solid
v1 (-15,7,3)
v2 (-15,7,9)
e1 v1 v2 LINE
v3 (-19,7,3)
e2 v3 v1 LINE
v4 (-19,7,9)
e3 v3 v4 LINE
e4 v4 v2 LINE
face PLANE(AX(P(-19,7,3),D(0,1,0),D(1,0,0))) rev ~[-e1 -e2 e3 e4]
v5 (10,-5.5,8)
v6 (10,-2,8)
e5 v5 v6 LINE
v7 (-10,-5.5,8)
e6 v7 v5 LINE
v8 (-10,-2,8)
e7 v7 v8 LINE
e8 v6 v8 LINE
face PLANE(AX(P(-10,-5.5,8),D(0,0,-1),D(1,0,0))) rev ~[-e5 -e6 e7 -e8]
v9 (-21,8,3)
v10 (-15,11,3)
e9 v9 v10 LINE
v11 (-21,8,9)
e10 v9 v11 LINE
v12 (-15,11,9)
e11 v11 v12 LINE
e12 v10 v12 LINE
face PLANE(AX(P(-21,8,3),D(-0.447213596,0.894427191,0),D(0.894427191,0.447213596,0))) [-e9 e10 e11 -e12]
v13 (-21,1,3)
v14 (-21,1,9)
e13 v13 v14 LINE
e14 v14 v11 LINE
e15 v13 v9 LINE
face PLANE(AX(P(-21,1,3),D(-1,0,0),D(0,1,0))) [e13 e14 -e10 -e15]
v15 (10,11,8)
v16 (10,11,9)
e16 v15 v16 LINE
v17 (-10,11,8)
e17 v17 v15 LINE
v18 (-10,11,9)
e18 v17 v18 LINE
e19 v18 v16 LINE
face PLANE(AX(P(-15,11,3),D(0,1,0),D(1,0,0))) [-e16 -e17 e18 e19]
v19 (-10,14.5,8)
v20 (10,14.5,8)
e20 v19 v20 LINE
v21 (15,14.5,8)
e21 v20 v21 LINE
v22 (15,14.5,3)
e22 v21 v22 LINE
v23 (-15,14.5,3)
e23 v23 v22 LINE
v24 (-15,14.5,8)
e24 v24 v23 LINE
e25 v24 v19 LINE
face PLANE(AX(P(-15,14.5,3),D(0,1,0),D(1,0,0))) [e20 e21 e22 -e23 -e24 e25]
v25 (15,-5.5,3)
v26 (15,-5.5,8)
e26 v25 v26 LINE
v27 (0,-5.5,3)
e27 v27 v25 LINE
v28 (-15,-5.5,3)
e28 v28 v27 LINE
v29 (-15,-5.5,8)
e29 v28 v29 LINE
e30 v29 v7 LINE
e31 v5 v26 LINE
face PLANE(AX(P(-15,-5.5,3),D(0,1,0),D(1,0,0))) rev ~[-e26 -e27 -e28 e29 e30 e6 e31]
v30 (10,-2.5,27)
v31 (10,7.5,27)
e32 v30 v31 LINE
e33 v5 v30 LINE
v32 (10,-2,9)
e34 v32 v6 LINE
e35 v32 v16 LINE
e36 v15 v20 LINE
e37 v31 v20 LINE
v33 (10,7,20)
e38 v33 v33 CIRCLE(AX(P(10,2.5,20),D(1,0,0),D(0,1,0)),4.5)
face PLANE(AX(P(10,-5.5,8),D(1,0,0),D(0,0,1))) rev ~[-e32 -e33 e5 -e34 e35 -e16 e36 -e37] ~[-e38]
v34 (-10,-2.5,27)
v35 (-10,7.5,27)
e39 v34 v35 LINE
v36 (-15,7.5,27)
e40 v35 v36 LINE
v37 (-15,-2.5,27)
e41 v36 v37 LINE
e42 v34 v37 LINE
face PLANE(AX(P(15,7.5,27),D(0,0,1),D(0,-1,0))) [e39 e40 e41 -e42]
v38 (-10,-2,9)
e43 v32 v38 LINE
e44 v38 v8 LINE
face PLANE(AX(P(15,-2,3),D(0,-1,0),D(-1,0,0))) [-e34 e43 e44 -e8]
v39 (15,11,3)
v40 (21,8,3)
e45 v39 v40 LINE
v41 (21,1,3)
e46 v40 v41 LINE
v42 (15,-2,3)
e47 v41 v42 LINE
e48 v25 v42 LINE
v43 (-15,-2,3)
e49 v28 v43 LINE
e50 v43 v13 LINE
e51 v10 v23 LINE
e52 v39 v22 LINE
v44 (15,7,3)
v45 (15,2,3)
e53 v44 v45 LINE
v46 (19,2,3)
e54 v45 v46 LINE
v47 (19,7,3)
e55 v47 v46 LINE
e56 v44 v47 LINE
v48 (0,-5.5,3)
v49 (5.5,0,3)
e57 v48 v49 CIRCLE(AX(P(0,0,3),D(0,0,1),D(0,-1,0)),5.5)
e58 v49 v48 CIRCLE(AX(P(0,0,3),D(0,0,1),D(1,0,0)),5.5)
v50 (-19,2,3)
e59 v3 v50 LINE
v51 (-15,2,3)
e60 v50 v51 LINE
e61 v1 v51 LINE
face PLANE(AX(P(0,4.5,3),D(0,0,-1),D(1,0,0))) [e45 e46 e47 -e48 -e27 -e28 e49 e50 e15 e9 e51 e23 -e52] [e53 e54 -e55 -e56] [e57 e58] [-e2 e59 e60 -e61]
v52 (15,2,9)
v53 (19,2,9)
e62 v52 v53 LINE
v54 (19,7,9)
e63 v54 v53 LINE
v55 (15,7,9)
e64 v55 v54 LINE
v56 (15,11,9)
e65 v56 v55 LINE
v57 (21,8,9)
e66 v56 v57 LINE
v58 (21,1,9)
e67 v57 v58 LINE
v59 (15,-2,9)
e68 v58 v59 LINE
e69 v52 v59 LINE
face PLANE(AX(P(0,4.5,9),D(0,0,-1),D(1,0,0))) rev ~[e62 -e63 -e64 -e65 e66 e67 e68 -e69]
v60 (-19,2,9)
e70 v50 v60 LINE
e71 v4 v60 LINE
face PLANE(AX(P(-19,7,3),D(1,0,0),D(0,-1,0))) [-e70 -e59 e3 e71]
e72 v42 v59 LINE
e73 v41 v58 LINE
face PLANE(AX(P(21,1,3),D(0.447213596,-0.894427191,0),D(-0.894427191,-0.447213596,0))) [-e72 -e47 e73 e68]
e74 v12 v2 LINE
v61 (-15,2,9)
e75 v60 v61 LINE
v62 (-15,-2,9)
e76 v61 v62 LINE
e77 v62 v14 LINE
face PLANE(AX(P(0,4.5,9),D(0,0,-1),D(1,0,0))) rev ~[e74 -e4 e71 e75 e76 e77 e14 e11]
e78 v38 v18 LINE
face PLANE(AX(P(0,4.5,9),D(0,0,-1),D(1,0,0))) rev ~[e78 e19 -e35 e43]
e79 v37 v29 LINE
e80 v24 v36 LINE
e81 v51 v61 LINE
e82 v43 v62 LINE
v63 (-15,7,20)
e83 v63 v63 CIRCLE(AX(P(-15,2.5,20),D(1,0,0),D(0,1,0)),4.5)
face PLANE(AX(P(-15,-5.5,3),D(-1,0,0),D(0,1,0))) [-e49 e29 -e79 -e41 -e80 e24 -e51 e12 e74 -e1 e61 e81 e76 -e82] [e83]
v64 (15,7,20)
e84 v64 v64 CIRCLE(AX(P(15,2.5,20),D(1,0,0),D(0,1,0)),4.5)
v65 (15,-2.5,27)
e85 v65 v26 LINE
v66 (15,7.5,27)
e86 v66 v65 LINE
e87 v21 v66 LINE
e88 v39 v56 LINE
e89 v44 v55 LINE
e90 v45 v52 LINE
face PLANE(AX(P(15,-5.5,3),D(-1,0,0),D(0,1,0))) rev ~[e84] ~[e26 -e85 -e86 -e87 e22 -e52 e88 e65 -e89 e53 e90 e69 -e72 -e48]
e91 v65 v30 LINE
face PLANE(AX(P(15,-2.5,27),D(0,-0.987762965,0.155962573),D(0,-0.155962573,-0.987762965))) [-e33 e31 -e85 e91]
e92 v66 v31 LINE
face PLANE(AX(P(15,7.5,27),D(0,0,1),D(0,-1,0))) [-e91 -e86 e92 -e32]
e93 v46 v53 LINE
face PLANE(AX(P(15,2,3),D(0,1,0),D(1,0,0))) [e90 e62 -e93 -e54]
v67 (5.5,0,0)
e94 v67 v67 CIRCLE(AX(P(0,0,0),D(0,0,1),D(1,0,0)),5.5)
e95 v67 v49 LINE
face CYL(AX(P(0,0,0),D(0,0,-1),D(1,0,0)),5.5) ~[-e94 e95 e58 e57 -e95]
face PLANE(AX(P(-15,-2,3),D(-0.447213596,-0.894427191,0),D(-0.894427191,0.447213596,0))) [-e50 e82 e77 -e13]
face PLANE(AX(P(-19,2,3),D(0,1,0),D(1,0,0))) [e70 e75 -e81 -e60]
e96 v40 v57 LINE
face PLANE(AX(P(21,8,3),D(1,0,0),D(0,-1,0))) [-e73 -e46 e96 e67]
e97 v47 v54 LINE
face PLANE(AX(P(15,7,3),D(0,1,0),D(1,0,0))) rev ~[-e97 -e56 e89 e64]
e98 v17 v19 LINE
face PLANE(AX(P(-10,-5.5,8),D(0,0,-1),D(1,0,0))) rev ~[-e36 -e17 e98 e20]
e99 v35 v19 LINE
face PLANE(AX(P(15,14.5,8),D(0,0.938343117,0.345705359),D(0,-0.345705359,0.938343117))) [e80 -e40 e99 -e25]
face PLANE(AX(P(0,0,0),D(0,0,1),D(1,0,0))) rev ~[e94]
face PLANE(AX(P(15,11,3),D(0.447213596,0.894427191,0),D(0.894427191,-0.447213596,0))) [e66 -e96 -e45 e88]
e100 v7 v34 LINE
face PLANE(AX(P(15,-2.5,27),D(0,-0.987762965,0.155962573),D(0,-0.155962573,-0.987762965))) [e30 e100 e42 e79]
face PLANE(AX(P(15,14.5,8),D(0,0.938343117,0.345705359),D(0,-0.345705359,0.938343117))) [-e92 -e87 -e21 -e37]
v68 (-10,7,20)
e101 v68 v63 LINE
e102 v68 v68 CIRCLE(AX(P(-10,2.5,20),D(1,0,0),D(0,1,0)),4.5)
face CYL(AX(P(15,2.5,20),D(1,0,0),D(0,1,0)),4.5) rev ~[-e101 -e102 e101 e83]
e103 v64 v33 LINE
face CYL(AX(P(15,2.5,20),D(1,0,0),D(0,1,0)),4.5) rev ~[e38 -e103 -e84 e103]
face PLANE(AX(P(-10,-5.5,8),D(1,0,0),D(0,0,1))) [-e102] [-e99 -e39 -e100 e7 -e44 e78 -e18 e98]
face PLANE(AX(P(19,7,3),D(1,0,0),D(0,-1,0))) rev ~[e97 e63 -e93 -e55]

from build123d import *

# Parameters (mm, degrees)
SKETCH_R     = 5.5
PAD_DEPTH    = 3
SKETCH001_W  = 30
SKETCH001_H  = 20
PAD001_DEPTH = 5
SKETCH002_R  = 4.5
PAD002_DEPTH = 30
SKETCH003_W  = 20
SKETCH003_H  = 19
POCKET_DEPTH = 20.001
SKETCH004_W  = 4
SKETCH004_H  = 5
PAD003_DEPTH = 6


with BuildPart() as part:
    # Sketch → Pad (new body)
    with BuildSketch(Plane.XY):
        Circle(SKETCH_R)
    extrude(amount=PAD_DEPTH)

    # Sketch001 (on Face3 of Pad) → Pad001 (join)
    with BuildSketch(Plane.XY.offset(3)):
        with Locations((0, 4.5)):
            Rectangle(SKETCH001_W, SKETCH001_H)
    extrude(amount=PAD001_DEPTH)

    # Sketch002 (on Face6 of Pad001) → Pad002 (join)
    with BuildSketch(Plane.YZ.offset(15)):
        Polygon((-5.5, 7), (14.5, 7), (14.5, 8), (7.5, 27), (-2.5, 27), (-5.5, 8), align=None)
        with Locations((2.5, 20)):
            Circle(SKETCH002_R, mode=Mode.SUBTRACT)
    extrude(amount=-PAD002_DEPTH)

    # Sketch003 (on Face5 of Pad002) → Pocket (cut, through all)
    with BuildSketch(Plane.XZ.offset(5.5)):
        with Locations((0, 17.5)):
            Rectangle(SKETCH003_W, SKETCH003_H)
    extrude(amount=-POCKET_DEPTH, mode=Mode.SUBTRACT)

    # Sketch004 (on DatumPlane) → Pad003 (join)
    with BuildSketch(Plane(origin=(0, 0, 3), x_dir=(1, 0, 0), z_dir=(0, 0, -1))):
        Polygon((-15, 2), (-21, -1), (-21, -8), (-15, -11), (15, -11), (21, -8), (21, -1), (15, 2), align=None)
        with Locations((-17, -4.5)):
            Rectangle(SKETCH004_W, SKETCH004_H, mode=Mode.SUBTRACT)
        with Locations((17, -4.5)):
            Rectangle(SKETCH004_W, SKETCH004_H, mode=Mode.SUBTRACT)
    extrude(amount=-PAD003_DEPTH)


solid = part.part
